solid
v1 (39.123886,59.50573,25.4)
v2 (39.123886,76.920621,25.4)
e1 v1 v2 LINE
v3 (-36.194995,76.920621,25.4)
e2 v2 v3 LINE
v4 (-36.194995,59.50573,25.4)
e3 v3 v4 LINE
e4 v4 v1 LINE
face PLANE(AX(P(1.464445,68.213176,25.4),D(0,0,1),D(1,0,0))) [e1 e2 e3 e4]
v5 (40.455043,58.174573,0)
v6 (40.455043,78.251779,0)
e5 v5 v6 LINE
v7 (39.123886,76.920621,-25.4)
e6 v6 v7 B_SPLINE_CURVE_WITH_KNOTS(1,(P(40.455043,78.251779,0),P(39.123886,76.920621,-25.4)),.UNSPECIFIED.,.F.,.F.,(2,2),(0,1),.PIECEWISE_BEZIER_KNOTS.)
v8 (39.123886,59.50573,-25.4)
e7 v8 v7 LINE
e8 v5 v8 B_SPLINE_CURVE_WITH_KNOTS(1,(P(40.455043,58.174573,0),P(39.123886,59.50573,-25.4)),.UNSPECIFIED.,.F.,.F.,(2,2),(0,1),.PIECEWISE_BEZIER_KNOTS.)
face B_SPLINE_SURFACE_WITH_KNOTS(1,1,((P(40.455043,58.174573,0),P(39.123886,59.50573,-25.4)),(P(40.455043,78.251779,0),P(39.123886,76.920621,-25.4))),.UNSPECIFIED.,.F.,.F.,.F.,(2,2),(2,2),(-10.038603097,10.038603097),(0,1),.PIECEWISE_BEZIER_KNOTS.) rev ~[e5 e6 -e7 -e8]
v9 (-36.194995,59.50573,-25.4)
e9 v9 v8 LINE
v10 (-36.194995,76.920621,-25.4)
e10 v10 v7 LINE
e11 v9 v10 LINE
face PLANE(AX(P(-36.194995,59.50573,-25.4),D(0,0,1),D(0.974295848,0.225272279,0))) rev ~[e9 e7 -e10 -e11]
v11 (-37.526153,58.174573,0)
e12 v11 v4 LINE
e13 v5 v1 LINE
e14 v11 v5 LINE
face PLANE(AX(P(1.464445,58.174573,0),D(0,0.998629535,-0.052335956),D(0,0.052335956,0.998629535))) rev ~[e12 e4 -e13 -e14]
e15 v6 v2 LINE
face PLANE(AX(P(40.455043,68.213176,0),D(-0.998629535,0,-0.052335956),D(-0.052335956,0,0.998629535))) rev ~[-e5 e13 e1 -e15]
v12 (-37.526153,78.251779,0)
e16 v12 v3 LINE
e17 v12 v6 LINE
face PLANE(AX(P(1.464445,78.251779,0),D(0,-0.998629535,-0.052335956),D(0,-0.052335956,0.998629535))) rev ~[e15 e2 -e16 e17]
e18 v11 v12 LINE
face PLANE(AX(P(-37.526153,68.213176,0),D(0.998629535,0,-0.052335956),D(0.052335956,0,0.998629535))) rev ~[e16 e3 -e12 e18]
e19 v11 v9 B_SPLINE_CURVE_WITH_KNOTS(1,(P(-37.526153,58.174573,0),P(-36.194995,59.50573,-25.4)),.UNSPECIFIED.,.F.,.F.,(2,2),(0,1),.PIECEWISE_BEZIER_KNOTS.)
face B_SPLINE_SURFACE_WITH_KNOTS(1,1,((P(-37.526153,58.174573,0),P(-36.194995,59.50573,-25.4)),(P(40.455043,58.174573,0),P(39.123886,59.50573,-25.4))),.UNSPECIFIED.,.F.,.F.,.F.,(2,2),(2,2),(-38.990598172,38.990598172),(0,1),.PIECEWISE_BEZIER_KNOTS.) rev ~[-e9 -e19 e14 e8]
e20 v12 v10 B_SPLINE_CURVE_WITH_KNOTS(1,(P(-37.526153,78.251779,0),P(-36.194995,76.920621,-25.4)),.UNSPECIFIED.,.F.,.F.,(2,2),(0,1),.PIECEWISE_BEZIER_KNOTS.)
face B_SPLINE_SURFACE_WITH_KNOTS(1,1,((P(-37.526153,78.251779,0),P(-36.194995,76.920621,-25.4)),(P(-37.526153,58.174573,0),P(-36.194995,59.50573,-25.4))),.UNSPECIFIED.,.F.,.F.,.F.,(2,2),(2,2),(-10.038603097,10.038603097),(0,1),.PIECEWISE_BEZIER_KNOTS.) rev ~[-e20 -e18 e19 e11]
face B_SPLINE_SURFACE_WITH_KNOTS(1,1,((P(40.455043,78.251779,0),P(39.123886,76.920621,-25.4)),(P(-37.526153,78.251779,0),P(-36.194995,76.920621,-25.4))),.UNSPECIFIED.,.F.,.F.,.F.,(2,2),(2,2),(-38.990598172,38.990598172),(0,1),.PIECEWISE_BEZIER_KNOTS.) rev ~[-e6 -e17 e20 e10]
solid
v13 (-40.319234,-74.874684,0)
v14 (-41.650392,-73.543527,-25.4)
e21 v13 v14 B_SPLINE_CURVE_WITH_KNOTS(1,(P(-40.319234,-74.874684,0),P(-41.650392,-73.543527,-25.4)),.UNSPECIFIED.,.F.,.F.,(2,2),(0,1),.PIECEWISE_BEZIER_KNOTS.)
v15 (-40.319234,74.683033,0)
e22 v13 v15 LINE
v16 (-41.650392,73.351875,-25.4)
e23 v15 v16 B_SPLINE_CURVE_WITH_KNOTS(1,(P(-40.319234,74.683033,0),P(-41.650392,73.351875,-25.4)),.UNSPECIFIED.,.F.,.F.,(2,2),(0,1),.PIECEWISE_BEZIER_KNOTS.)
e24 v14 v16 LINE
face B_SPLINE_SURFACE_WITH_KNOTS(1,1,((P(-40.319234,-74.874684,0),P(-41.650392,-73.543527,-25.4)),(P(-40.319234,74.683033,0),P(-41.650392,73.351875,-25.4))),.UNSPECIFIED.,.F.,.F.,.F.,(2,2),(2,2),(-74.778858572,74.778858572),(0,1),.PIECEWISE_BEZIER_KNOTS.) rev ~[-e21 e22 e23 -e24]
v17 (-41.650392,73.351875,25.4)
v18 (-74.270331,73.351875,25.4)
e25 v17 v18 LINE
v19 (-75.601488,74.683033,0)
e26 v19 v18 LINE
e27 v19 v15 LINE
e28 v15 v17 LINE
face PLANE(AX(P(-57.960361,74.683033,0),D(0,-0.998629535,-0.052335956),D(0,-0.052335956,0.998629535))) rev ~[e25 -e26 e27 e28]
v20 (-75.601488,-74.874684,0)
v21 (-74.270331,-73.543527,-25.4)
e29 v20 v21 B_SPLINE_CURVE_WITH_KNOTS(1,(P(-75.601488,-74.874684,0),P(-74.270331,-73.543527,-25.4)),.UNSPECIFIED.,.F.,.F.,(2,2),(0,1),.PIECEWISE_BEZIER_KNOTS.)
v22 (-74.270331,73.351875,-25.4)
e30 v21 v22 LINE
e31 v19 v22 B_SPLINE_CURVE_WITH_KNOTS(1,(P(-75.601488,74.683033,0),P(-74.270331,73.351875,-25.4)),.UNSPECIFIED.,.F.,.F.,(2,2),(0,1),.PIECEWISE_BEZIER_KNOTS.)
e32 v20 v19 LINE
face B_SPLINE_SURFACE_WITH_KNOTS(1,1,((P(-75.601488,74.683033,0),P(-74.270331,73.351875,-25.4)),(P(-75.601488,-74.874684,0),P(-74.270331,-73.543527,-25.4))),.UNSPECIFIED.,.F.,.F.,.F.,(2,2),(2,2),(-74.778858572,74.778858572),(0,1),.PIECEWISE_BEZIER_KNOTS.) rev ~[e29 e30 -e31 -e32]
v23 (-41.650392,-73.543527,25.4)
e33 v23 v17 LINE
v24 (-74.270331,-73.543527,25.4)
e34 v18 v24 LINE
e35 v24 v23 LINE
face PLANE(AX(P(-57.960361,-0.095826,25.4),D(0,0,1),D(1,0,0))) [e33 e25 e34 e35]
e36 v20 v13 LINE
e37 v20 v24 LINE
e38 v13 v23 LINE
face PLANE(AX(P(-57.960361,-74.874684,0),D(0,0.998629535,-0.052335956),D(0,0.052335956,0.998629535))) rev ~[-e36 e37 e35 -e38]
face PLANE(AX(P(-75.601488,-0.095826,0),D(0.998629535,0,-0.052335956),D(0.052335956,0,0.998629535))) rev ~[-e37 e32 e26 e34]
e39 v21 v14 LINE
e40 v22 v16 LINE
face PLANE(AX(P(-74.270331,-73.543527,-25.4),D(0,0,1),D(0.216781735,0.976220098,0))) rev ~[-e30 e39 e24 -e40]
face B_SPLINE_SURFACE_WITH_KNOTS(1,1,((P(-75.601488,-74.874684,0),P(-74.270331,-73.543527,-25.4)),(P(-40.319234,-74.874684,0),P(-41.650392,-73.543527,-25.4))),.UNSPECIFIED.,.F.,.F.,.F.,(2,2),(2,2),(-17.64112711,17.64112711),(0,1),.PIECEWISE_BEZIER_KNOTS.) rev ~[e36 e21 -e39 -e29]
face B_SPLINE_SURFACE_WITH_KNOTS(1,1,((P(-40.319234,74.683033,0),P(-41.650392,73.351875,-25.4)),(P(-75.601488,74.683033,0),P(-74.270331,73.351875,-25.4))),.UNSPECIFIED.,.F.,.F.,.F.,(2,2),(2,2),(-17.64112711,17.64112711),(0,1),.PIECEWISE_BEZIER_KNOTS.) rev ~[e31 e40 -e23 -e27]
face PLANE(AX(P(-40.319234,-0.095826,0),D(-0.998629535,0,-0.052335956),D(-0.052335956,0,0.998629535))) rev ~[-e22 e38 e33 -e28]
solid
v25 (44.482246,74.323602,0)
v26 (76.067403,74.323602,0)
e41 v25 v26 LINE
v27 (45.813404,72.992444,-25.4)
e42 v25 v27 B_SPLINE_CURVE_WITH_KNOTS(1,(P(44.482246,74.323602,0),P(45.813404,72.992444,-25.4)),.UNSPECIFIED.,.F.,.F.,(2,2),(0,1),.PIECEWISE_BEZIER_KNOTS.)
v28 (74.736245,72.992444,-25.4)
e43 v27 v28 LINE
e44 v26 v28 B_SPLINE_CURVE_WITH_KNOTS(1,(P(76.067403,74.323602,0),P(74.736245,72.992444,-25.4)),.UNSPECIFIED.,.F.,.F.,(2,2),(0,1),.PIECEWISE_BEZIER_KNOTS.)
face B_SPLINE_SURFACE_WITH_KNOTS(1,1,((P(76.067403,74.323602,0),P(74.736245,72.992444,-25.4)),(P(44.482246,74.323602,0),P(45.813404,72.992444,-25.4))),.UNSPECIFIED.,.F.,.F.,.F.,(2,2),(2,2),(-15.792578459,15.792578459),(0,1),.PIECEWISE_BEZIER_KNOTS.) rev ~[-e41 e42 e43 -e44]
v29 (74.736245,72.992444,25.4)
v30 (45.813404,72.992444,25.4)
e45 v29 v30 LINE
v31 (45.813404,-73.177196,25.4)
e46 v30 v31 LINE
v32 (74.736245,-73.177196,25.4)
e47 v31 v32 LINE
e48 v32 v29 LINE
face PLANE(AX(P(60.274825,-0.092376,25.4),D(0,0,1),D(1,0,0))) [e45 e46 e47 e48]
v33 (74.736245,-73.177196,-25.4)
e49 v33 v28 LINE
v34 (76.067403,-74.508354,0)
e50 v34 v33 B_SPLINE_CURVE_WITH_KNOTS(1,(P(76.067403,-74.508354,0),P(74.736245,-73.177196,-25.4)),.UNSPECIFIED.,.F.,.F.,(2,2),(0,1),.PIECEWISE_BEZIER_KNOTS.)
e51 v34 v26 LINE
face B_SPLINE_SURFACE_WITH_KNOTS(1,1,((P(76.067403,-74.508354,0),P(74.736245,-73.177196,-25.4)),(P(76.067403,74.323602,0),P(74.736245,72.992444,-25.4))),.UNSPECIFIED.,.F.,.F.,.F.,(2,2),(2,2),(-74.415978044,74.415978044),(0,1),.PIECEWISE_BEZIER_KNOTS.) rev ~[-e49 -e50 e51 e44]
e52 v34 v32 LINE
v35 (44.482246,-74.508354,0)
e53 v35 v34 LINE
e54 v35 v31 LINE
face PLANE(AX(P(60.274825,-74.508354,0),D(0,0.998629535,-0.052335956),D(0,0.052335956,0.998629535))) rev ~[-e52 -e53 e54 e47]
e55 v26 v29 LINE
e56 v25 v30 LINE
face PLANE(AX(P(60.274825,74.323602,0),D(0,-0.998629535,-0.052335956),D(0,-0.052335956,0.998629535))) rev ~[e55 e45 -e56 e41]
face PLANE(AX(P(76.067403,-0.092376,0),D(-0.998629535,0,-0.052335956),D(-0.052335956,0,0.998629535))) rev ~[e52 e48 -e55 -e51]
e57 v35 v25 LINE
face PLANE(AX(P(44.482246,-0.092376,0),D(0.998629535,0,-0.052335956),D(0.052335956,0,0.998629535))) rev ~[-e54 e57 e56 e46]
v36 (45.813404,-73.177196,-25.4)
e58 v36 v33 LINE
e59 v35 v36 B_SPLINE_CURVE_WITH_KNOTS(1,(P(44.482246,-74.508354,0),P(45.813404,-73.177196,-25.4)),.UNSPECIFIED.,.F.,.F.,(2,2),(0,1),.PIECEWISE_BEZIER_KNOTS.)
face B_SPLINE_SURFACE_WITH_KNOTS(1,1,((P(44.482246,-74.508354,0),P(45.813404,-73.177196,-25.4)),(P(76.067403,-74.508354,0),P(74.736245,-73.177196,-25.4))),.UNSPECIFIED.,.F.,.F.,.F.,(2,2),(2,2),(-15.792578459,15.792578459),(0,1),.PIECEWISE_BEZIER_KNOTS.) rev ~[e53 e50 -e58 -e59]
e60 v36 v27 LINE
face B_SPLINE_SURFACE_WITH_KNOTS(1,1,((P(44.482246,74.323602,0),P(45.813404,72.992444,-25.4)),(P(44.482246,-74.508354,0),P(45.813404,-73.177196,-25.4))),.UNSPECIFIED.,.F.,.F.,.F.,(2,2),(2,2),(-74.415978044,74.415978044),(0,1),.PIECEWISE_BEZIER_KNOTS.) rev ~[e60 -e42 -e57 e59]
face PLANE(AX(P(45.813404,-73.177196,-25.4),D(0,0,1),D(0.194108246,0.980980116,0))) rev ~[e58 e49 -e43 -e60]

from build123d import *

# Parameters (mm, degrees)
F0_W          = 35.2822542191
F0_H          = 149.5577171445
F1_DEPTH      = 25.4
F1_TAPER      = 3
F1_DEPTH_BACK = 25.4
F1_TAPER_BACK = 3
F2_W          = 31.5851569176
F2_H          = 148.8319560885
F3_DEPTH      = 25.4
F3_TAPER      = 3
F3_DEPTH_BACK = 25.4
F3_TAPER_BACK = 3
F4_W          = 77.9811963439
F4_H          = 20.0772061944
F5_DEPTH      = 25.4
F5_TAPER      = 3
F5_DEPTH_BACK = 25.4
F5_TAPER_BACK = 3


with BuildPart() as f1:
    # F0 (on Top) → F1 (new body, two sides)
    with BuildSketch(Plane.XY) as f1_sk:
        with Locations((-57.9603612423, -0.0958256423)):
            Rectangle(F0_W, F0_H)
    extrude(amount=-F1_DEPTH, taper=F1_TAPER)
    extrude(f1_sk.sketch, amount=F1_DEPTH_BACK, taper=F1_TAPER_BACK)


with BuildPart() as f3:
    # F2 (on Top) → F3 (new body, two sides)
    with BuildSketch(Plane.XY) as f3_sk:
        with Locations((60.2748245001, -0.0923760235)):
            Rectangle(F2_W, F2_H)
    extrude(amount=F3_DEPTH, taper=F3_TAPER)
    extrude(f3_sk.sketch, amount=-F3_DEPTH_BACK, taper=F3_TAPER_BACK)


with BuildPart() as f5:
    # F4 (on Top) → F5 (new body, two sides)
    with BuildSketch(Plane.XY) as f5_sk:
        with Locations((1.4644451439, 68.2131759822)):
            Rectangle(F4_W, F4_H)
    extrude(amount=-F5_DEPTH, taper=F5_TAPER)
    extrude(f5_sk.sketch, amount=F5_DEPTH_BACK, taper=F5_TAPER_BACK)


solid = Compound([f1.part, f3.part, f5.part])
